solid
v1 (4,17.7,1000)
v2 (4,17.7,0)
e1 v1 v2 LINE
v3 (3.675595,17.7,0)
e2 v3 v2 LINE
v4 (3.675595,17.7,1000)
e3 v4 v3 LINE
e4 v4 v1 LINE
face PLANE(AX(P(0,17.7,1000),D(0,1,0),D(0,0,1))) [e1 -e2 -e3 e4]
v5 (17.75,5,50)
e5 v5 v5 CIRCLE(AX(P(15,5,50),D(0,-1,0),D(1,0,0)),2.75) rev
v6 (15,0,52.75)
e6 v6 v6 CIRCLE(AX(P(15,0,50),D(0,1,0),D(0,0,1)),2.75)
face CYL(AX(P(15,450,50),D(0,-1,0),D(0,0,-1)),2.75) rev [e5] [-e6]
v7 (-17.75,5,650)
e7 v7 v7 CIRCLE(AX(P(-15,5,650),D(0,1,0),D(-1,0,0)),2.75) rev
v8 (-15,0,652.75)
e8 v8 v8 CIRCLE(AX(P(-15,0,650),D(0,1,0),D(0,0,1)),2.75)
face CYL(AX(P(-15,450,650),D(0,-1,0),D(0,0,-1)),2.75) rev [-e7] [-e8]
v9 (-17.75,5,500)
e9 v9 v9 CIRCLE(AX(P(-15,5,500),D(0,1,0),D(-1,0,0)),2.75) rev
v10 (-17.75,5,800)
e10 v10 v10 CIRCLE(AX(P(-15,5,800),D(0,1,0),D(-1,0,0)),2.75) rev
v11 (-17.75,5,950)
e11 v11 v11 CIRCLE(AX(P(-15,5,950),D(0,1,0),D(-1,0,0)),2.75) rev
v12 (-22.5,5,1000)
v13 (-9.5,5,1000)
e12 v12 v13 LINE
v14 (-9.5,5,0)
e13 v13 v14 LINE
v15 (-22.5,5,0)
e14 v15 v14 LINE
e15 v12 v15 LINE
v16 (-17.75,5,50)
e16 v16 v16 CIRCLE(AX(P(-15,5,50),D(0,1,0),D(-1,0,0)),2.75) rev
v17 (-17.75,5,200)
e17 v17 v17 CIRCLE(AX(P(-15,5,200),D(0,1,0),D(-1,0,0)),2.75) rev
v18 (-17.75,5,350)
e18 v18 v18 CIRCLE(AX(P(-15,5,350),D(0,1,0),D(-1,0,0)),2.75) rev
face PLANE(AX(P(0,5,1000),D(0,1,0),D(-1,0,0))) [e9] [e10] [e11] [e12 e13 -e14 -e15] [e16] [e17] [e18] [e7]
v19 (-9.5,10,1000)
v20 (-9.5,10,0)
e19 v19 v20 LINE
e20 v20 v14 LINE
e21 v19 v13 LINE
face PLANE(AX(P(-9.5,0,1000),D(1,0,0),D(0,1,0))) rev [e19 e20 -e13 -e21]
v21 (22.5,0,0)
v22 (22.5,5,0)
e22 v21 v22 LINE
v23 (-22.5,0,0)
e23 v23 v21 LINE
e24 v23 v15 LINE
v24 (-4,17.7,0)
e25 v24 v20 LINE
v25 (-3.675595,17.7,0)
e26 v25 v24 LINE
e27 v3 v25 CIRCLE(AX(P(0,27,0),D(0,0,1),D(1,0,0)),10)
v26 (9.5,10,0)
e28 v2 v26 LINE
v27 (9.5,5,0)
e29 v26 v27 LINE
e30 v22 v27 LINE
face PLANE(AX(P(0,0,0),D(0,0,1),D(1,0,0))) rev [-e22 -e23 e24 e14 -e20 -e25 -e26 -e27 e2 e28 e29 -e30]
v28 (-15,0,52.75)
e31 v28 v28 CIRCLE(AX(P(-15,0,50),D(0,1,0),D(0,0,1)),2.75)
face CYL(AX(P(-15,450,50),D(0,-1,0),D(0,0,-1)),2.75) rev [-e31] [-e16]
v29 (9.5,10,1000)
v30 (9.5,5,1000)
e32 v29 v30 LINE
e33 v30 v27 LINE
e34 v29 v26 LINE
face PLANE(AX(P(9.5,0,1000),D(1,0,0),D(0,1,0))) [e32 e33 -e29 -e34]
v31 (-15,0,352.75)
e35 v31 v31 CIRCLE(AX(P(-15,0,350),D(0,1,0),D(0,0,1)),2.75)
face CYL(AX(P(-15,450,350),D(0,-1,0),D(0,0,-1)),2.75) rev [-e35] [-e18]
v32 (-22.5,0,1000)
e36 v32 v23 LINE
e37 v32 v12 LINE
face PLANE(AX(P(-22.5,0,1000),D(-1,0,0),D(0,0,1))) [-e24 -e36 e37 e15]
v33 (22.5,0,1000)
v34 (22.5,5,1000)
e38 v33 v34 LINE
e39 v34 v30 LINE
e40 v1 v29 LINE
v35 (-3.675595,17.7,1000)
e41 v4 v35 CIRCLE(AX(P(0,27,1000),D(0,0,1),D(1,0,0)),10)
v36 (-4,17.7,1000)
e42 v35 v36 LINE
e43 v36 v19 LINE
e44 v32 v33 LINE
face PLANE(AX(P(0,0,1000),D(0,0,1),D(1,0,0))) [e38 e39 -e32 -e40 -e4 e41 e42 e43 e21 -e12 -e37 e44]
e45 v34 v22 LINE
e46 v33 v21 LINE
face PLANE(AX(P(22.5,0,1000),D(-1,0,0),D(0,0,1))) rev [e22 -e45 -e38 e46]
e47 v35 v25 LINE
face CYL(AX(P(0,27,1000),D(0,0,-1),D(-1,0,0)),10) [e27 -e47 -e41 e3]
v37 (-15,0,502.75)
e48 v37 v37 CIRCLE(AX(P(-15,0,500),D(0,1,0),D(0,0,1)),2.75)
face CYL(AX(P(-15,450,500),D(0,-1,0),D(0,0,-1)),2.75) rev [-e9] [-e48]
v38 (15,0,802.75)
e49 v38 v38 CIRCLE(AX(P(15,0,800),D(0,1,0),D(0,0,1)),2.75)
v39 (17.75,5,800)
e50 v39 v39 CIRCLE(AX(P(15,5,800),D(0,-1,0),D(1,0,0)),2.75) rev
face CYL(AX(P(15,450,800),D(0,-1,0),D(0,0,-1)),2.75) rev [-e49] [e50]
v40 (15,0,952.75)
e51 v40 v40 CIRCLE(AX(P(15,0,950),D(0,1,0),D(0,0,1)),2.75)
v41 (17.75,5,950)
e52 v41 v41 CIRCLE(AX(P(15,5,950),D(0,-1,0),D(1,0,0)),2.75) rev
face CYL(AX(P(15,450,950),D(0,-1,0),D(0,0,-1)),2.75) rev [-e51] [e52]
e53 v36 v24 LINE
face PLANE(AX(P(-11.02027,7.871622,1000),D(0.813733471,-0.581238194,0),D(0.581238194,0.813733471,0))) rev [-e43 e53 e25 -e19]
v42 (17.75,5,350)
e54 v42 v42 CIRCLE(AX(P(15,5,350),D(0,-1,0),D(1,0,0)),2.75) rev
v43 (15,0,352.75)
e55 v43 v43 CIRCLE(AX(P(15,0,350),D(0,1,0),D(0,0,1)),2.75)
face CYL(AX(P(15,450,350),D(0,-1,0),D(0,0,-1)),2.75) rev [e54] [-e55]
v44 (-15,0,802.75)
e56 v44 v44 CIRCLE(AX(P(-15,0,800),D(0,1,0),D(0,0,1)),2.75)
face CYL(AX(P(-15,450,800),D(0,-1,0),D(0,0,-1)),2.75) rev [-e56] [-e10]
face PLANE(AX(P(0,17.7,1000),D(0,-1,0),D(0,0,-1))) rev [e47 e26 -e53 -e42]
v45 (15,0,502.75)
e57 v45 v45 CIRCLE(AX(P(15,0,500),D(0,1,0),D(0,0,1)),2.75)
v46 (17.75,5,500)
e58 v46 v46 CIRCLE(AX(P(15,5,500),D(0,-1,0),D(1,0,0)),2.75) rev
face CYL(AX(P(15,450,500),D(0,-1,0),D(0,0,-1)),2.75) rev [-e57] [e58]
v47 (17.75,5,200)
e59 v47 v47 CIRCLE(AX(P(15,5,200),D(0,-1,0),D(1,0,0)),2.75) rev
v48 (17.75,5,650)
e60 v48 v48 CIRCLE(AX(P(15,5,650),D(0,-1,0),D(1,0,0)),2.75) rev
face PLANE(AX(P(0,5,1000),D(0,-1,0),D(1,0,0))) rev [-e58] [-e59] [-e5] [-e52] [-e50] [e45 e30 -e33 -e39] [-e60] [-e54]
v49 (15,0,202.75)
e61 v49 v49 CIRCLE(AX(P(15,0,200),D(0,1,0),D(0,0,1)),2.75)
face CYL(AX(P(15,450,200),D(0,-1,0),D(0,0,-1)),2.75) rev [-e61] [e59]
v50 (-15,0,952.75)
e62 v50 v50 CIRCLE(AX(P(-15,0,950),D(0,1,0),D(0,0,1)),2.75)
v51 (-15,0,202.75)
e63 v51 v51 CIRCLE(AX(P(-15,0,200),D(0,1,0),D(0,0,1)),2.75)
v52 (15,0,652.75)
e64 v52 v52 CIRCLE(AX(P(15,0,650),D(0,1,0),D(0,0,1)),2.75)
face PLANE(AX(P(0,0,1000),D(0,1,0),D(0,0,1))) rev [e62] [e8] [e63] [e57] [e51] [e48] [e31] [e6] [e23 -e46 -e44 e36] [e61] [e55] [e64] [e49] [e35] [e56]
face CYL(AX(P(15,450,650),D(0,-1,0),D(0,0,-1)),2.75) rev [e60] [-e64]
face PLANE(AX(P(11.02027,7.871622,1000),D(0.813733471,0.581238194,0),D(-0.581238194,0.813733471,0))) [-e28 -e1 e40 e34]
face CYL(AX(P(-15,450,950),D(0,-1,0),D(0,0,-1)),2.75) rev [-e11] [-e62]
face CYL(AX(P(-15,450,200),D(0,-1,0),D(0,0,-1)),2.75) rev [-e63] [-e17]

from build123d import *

# Parameters (mm, degrees)
SKETCH_1_R          = 10
EXTRUDE_1_DEPTH     = 1000
SKETCH_2_R          = 2.75
CUT_EXTRUDE_2_DEPTH = 450


with BuildPart() as part:
    # 草图1 → 凸台-拉伸1 (new body)
    with BuildSketch(Plane.XY):
        with Locations((0, 27)):
            Circle(SKETCH_1_R)
        with BuildLine():
            Line((-22.5, 5), (-22.5, 0))
            Line((-22.5, 0), (0, 0))
            Line((0, 0), (0, 17))
            ThreePointArc((0, 17), (-1.870828693, 17.176558648), (-3.67559519, 17.7))
            Line((-3.67559519, 17.7), (-4, 17.7))
            Line((-4, 17.7), (-9.5, 10))
            Line((-9.5, 10), (-9.5, 5))
            Line((-9.5, 5), (-22.5, 5))
        make_face()
        with BuildLine():
            Line((0, 17), (0, 0))
            Line((0, 0), (22.5, 0))
            Line((22.5, 0), (22.5, 5))
            Line((22.5, 5), (9.5, 5))
            Line((9.5, 5), (9.5, 10))
            Line((9.5, 10), (4, 17.7))
            Line((4, 17.7), (3.67559519, 17.7))
            ThreePointArc((3.67559519, 17.7), (1.870828693, 17.176558648), (0, 17))
        make_face()
    extrude(amount=EXTRUDE_1_DEPTH)

    # 草图2 → 切除-拉伸2 (cut)
    with BuildSketch(Plane(origin=(0, 0, 0), x_dir=(1, 0, 0), z_dir=(0, 1, 0))):
        with Locations((15, -500)):
            Circle(SKETCH_2_R)
        with Locations((15, -650)):
            Circle(SKETCH_2_R)
        with Locations(Location((-15, -500, 0), (0, 0, 180))):
            Circle(SKETCH_2_R)
        with Locations(Location((-15, -650, 0), (0, 0, 180))):
            Circle(SKETCH_2_R)
        with Locations((15, -350)):
            Circle(SKETCH_2_R)
        with Locations(Location((-15, -350, 0), (0, 0, 180))):
            Circle(SKETCH_2_R)
        with Locations(Location((-15, -200, 0), (0, 0, 180))):
            Circle(SKETCH_2_R)
        with Locations((15, -200)):
            Circle(SKETCH_2_R)
        with Locations(Location((-15, -50, 0), (0, 0, 180))):
            Circle(SKETCH_2_R)
        with Locations((15, -50)):
            Circle(SKETCH_2_R)
        with Locations(Location((-15, -800, 0), (0, 0, 180))):
            Circle(SKETCH_2_R)
        with Locations((15, -800)):
            Circle(SKETCH_2_R)
        with Locations(Location((-15, -950, 0), (0, 0, 180))):
            Circle(SKETCH_2_R)
        with Locations((15, -950)):
            Circle(SKETCH_2_R)
    extrude(amount=CUT_EXTRUDE_2_DEPTH, mode=Mode.SUBTRACT)


solid = part.part
